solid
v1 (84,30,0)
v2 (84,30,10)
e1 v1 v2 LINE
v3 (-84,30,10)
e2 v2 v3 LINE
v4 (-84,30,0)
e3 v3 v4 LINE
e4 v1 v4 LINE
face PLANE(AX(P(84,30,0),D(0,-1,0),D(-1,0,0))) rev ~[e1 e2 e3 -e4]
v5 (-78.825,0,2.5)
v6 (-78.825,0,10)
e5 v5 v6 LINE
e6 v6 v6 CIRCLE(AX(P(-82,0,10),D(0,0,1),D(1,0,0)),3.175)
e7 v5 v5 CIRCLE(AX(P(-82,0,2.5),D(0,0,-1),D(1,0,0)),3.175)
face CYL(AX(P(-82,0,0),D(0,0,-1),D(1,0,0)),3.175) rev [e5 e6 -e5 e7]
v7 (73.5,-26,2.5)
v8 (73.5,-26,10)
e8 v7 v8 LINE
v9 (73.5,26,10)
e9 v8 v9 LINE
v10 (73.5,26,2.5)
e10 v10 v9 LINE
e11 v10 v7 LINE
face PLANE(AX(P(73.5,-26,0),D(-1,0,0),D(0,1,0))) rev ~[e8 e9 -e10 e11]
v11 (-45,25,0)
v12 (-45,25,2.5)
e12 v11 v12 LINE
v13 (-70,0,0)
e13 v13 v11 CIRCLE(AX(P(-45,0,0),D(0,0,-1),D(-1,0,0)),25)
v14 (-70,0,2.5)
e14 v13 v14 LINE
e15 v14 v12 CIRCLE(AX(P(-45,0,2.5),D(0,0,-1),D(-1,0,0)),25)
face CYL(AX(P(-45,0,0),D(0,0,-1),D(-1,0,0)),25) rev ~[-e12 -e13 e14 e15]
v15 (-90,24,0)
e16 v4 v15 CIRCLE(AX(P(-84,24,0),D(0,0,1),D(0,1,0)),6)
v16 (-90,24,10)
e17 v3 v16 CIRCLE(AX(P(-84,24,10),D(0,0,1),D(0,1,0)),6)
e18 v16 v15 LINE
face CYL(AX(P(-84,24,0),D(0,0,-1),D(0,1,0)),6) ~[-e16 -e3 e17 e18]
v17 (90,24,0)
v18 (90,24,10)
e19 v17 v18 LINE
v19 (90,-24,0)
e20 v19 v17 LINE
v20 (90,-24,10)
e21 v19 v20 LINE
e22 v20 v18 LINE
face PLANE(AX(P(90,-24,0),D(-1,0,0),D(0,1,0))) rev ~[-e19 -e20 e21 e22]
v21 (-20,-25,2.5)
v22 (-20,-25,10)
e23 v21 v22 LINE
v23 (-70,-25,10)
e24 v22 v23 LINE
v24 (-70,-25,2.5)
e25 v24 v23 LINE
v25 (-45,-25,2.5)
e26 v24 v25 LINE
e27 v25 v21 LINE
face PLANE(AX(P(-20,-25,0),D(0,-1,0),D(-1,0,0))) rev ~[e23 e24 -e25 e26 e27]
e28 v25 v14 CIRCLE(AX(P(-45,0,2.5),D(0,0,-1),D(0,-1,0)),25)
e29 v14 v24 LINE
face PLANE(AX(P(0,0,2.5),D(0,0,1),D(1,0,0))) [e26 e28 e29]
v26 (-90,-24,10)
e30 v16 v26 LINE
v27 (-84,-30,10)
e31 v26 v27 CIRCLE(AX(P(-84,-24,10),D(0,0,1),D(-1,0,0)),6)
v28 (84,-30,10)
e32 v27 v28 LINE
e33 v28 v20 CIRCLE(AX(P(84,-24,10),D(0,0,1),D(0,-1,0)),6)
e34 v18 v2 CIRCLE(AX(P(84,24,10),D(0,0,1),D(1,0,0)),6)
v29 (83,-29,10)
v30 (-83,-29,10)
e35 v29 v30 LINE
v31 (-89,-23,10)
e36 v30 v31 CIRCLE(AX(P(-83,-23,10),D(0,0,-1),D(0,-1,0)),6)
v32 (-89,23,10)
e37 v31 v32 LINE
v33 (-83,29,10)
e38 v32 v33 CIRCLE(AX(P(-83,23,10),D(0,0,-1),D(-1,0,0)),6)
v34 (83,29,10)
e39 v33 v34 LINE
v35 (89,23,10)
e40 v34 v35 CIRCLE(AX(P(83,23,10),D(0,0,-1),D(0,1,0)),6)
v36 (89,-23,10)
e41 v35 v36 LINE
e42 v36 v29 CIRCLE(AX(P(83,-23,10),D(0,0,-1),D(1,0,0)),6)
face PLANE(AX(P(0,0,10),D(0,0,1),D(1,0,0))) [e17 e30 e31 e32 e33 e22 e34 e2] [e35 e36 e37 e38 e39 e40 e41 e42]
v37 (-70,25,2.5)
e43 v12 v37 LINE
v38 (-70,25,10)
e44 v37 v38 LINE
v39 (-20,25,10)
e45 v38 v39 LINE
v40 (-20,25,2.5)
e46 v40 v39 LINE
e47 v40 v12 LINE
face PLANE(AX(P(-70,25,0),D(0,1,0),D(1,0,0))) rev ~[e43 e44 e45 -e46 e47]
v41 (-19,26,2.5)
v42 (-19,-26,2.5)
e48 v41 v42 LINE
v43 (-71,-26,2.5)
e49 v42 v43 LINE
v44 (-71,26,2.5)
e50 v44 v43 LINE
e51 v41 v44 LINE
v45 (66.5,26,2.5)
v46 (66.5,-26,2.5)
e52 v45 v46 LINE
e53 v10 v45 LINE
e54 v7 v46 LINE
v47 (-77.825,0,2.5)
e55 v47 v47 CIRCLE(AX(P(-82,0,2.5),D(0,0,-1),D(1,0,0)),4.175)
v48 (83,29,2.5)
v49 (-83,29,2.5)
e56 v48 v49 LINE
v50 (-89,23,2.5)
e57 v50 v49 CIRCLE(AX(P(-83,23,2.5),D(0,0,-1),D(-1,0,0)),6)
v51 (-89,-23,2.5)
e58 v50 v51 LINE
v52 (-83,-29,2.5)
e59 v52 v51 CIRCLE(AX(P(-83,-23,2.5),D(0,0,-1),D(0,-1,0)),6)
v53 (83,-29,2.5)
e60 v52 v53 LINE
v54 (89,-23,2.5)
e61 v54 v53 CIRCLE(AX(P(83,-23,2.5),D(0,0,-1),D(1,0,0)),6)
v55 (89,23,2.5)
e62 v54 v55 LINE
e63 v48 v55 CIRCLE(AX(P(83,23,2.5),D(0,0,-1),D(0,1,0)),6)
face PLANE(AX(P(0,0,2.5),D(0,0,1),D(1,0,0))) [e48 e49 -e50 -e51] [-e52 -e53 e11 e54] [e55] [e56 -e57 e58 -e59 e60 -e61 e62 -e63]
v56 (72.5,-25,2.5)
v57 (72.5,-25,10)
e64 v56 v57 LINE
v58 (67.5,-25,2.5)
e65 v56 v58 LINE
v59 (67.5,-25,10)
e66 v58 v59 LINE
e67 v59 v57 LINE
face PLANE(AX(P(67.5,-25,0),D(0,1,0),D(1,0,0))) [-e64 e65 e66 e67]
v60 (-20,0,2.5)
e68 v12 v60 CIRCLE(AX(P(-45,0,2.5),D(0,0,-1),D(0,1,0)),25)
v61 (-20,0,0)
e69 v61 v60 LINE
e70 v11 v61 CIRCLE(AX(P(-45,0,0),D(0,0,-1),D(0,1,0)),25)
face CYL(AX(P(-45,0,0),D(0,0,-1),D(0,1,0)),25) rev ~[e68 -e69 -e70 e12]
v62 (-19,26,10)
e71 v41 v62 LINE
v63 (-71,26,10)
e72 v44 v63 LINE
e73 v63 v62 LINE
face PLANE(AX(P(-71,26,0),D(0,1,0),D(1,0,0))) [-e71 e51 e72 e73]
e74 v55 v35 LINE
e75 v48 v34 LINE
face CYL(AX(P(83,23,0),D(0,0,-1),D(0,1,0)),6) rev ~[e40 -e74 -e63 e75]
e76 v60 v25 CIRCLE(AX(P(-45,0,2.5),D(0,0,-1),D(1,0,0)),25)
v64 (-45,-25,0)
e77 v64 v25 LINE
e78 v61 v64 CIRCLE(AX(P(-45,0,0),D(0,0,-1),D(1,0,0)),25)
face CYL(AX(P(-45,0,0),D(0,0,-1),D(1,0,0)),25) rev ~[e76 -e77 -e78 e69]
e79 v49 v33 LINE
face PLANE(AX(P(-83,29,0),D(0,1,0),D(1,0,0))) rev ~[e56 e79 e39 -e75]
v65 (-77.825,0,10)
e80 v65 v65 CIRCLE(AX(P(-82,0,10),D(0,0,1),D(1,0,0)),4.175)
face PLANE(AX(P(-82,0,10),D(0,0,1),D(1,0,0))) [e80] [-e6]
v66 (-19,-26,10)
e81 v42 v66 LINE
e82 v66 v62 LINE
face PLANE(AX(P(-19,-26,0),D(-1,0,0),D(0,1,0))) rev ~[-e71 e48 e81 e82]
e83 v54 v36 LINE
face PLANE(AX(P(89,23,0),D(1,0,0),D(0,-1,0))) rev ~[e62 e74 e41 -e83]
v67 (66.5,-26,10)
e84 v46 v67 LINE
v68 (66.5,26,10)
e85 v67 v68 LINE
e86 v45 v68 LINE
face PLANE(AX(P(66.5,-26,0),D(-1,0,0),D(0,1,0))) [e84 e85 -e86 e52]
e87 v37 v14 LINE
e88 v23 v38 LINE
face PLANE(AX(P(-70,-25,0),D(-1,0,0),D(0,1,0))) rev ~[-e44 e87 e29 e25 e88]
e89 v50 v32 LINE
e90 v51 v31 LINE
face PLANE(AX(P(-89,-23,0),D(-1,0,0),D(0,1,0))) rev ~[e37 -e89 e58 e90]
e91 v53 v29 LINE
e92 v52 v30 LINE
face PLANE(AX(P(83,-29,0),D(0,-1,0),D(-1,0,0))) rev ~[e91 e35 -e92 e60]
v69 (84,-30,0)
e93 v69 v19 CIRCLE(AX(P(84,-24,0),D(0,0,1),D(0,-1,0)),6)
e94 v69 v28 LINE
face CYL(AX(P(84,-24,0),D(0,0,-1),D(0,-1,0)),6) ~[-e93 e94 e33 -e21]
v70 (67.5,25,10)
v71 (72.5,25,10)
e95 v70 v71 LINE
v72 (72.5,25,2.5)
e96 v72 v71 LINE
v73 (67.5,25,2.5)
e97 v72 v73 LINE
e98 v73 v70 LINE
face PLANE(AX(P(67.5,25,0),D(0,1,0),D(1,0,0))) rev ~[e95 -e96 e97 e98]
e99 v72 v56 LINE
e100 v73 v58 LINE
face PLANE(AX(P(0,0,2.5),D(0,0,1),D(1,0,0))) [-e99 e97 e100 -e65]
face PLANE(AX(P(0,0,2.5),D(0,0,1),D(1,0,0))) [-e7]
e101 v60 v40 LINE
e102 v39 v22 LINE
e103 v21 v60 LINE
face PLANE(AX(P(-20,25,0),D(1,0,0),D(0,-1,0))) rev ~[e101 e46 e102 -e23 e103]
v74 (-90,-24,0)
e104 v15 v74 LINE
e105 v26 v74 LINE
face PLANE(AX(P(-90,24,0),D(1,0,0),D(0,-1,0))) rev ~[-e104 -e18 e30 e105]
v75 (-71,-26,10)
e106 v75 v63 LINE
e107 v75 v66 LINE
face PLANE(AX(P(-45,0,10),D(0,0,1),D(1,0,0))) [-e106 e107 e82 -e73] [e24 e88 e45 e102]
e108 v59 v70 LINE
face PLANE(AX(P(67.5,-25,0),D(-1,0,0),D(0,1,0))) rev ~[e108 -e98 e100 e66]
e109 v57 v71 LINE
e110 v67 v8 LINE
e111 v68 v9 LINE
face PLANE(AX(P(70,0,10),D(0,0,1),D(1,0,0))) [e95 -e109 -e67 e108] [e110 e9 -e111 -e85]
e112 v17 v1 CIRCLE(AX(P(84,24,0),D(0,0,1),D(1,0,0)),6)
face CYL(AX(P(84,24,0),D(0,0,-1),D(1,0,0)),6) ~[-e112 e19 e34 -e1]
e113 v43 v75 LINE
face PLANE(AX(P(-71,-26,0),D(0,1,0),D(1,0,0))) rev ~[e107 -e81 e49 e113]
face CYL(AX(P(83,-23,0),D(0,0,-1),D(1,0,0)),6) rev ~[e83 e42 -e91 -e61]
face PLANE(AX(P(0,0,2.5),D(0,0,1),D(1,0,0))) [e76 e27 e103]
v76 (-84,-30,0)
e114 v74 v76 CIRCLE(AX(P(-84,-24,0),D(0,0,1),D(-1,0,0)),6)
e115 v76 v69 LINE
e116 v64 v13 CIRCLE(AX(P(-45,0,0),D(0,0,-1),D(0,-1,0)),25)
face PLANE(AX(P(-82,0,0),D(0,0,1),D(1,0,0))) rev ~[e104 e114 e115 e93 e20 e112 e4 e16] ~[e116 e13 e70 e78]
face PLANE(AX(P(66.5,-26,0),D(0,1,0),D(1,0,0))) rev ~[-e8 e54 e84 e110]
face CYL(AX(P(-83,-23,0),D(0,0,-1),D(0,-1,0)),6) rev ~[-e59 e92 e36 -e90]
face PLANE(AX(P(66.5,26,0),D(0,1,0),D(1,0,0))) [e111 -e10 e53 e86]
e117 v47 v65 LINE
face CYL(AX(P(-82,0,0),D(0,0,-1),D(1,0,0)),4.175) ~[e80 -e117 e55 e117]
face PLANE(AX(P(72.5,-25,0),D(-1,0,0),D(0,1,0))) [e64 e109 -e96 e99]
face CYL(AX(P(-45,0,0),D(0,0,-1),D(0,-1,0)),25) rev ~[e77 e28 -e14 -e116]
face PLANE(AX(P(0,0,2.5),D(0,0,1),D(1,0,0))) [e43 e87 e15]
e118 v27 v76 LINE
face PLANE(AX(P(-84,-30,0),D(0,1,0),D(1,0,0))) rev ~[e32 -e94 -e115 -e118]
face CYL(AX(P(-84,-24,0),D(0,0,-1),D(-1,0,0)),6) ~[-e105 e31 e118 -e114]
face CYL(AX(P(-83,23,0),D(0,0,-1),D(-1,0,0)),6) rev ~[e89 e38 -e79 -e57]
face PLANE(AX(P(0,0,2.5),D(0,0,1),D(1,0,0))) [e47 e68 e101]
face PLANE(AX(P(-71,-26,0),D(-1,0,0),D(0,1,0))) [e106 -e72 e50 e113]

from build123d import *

# Parameters (mm, degrees)
F0_R     = 4.175
F0_W     = 52
F0_H     = 52
F0_W_2   = 7
F0_W_3   = 5
F0_H_2   = 50
F0_R_2   = 3.175
F1_DEPTH = 2.5
F2_DEPTH = 10
F3_DEPTH = 10
F4_DEPTH = 10


with BuildPart() as f1:
    # F0 (on Top) → F1 (new body)
    with BuildSketch(Plane.XY):
        with BuildLine():
            Line((-84, -30), (84, -30))
            ThreePointArc((84, -30), (88.2426406871, -28.2426406871), (90, -24))
            Line((90, -24), (90, 24))
            ThreePointArc((90, 24), (88.2426406871, 28.2426406871), (84, 30))
            Line((84, 30), (-84, 30))
            ThreePointArc((-84, 30), (-88.2426406871, 28.2426406871), (-90, 24))
            Line((-90, 24), (-90, -24))
            ThreePointArc((-90, -24), (-88.2426406871, -28.2426406871), (-84, -30))
        make_face()
        with BuildLine():
            ThreePointArc((89, -23), (87.2426406871, -27.2426406871), (83, -29))
            Line((83, -29), (-83, -29))
            ThreePointArc((-83, -29), (-87.2426406871, -27.2426406871), (-89, -23))
            Line((-89, -23), (-89, 23))
            ThreePointArc((-89, 23), (-87.2426406871, 27.2426406871), (-83, 29))
            Line((-83, 29), (83, 29))
            ThreePointArc((83, 29), (87.2426406871, 27.2426406871), (89, 23))
            Line((89, 23), (89, -23))
        make_face(mode=Mode.SUBTRACT)
        with BuildLine():
            Line((-83, -29), (83, -29))
            ThreePointArc((83, -29), (87.2426406871, -27.2426406871), (89, -23))
            Line((89, -23), (89, 23))
            ThreePointArc((89, 23), (87.2426406871, 27.2426406871), (83, 29))
            Line((83, 29), (-83, 29))
            ThreePointArc((-83, 29), (-87.2426406871, 27.2426406871), (-89, 23))
            Line((-89, 23), (-89, -23))
            ThreePointArc((-89, -23), (-87.2426406871, -27.2426406871), (-83, -29))
        make_face()
        with Locations((-82, 0)):
            Circle(F0_R, mode=Mode.SUBTRACT)
        with Locations((-45, 0)):
            Rectangle(F0_W, F0_H, mode=Mode.SUBTRACT)
        with Locations((70, 0)):
            Rectangle(F0_W_2, F0_H, mode=Mode.SUBTRACT)
        with Locations((-45, 0)):
            Rectangle(F0_W, F0_H)
        Polygon((-20, 0), (-20, -25), (-45, -25), (-70, -25), (-70, 0), (-70, 25), (-45, 25), (-20, 25), align=None, mode=Mode.SUBTRACT)
        with Locations((70, 0)):
            Rectangle(F0_W_2, F0_H)
        with Locations((70, 0)):
            Rectangle(F0_W_3, F0_H_2, mode=Mode.SUBTRACT)
        with Locations((70, 0)):
            Rectangle(F0_W_3, F0_H_2)
        with BuildLine():
            Line((-45, -25), (-20, -25))
            Line((-20, -25), (-20, 0))
            ThreePointArc((-20, 0), (-27.3223304703, -17.6776695297), (-45, -25))
        make_face()
        with BuildLine():
            ThreePointArc((-45, 25), (-27.3223304703, 17.6776695297), (-20, 0))
            Line((-20, 0), (-20, 25))
            Line((-20, 25), (-45, 25))
        make_face()
        with BuildLine():
            Line((-70, 25), (-70, 0))
            ThreePointArc((-70, 0), (-62.6776695297, 17.6776695297), (-45, 25))
            Line((-45, 25), (-70, 25))
        make_face()
        with BuildLine():
            Line((-70, -25), (-45, -25))
            ThreePointArc((-45, -25), (-62.6776695297, -17.6776695297), (-70, 0))
            Line((-70, 0), (-70, -25))
        make_face()
        with Locations((-82, 0)):
            Circle(F0_R)
        with Locations((-82, 0)):
            Circle(F0_R_2, mode=Mode.SUBTRACT)
        with Locations((-82, 0)):
            Circle(F0_R_2)
    extrude(amount=F1_DEPTH)

    # F0 (on Top) → F2 (join)
    with BuildSketch(Plane.XY):
        with Locations((-45, 0)):
            Rectangle(F0_W, F0_H)
        Polygon((-20, 0), (-20, -25), (-45, -25), (-70, -25), (-70, 0), (-70, 25), (-45, 25), (-20, 25), align=None, mode=Mode.SUBTRACT)
        with Locations((70, 0)):
            Rectangle(F0_W_2, F0_H)
        with Locations((70, 0)):
            Rectangle(F0_W_3, F0_H_2, mode=Mode.SUBTRACT)
    extrude(amount=F2_DEPTH)

    # F0 (on Top) → F3 (join)
    with BuildSketch(Plane.XY):
        with Locations((-82, 0)):
            Circle(F0_R)
        with Locations((-82, 0)):
            Circle(F0_R_2, mode=Mode.SUBTRACT)
    extrude(amount=F3_DEPTH)

    # F0 (on Top) → F4 (join)
    with BuildSketch(Plane.XY):
        with BuildLine():
            Line((-84, -30), (84, -30))
            ThreePointArc((84, -30), (88.2426406871, -28.2426406871), (90, -24))
            Line((90, -24), (90, 24))
            ThreePointArc((90, 24), (88.2426406871, 28.2426406871), (84, 30))
            Line((84, 30), (-84, 30))
            ThreePointArc((-84, 30), (-88.2426406871, 28.2426406871), (-90, 24))
            Line((-90, 24), (-90, -24))
            ThreePointArc((-90, -24), (-88.2426406871, -28.2426406871), (-84, -30))
        make_face()
        with BuildLine():
            ThreePointArc((89, -23), (87.2426406871, -27.2426406871), (83, -29))
            Line((83, -29), (-83, -29))
            ThreePointArc((-83, -29), (-87.2426406871, -27.2426406871), (-89, -23))
            Line((-89, -23), (-89, 23))
            ThreePointArc((-89, 23), (-87.2426406871, 27.2426406871), (-83, 29))
            Line((-83, 29), (83, 29))
            ThreePointArc((83, 29), (87.2426406871, 27.2426406871), (89, 23))
            Line((89, 23), (89, -23))
        make_face(mode=Mode.SUBTRACT)
    extrude(amount=F4_DEPTH)


solid = f1.part
